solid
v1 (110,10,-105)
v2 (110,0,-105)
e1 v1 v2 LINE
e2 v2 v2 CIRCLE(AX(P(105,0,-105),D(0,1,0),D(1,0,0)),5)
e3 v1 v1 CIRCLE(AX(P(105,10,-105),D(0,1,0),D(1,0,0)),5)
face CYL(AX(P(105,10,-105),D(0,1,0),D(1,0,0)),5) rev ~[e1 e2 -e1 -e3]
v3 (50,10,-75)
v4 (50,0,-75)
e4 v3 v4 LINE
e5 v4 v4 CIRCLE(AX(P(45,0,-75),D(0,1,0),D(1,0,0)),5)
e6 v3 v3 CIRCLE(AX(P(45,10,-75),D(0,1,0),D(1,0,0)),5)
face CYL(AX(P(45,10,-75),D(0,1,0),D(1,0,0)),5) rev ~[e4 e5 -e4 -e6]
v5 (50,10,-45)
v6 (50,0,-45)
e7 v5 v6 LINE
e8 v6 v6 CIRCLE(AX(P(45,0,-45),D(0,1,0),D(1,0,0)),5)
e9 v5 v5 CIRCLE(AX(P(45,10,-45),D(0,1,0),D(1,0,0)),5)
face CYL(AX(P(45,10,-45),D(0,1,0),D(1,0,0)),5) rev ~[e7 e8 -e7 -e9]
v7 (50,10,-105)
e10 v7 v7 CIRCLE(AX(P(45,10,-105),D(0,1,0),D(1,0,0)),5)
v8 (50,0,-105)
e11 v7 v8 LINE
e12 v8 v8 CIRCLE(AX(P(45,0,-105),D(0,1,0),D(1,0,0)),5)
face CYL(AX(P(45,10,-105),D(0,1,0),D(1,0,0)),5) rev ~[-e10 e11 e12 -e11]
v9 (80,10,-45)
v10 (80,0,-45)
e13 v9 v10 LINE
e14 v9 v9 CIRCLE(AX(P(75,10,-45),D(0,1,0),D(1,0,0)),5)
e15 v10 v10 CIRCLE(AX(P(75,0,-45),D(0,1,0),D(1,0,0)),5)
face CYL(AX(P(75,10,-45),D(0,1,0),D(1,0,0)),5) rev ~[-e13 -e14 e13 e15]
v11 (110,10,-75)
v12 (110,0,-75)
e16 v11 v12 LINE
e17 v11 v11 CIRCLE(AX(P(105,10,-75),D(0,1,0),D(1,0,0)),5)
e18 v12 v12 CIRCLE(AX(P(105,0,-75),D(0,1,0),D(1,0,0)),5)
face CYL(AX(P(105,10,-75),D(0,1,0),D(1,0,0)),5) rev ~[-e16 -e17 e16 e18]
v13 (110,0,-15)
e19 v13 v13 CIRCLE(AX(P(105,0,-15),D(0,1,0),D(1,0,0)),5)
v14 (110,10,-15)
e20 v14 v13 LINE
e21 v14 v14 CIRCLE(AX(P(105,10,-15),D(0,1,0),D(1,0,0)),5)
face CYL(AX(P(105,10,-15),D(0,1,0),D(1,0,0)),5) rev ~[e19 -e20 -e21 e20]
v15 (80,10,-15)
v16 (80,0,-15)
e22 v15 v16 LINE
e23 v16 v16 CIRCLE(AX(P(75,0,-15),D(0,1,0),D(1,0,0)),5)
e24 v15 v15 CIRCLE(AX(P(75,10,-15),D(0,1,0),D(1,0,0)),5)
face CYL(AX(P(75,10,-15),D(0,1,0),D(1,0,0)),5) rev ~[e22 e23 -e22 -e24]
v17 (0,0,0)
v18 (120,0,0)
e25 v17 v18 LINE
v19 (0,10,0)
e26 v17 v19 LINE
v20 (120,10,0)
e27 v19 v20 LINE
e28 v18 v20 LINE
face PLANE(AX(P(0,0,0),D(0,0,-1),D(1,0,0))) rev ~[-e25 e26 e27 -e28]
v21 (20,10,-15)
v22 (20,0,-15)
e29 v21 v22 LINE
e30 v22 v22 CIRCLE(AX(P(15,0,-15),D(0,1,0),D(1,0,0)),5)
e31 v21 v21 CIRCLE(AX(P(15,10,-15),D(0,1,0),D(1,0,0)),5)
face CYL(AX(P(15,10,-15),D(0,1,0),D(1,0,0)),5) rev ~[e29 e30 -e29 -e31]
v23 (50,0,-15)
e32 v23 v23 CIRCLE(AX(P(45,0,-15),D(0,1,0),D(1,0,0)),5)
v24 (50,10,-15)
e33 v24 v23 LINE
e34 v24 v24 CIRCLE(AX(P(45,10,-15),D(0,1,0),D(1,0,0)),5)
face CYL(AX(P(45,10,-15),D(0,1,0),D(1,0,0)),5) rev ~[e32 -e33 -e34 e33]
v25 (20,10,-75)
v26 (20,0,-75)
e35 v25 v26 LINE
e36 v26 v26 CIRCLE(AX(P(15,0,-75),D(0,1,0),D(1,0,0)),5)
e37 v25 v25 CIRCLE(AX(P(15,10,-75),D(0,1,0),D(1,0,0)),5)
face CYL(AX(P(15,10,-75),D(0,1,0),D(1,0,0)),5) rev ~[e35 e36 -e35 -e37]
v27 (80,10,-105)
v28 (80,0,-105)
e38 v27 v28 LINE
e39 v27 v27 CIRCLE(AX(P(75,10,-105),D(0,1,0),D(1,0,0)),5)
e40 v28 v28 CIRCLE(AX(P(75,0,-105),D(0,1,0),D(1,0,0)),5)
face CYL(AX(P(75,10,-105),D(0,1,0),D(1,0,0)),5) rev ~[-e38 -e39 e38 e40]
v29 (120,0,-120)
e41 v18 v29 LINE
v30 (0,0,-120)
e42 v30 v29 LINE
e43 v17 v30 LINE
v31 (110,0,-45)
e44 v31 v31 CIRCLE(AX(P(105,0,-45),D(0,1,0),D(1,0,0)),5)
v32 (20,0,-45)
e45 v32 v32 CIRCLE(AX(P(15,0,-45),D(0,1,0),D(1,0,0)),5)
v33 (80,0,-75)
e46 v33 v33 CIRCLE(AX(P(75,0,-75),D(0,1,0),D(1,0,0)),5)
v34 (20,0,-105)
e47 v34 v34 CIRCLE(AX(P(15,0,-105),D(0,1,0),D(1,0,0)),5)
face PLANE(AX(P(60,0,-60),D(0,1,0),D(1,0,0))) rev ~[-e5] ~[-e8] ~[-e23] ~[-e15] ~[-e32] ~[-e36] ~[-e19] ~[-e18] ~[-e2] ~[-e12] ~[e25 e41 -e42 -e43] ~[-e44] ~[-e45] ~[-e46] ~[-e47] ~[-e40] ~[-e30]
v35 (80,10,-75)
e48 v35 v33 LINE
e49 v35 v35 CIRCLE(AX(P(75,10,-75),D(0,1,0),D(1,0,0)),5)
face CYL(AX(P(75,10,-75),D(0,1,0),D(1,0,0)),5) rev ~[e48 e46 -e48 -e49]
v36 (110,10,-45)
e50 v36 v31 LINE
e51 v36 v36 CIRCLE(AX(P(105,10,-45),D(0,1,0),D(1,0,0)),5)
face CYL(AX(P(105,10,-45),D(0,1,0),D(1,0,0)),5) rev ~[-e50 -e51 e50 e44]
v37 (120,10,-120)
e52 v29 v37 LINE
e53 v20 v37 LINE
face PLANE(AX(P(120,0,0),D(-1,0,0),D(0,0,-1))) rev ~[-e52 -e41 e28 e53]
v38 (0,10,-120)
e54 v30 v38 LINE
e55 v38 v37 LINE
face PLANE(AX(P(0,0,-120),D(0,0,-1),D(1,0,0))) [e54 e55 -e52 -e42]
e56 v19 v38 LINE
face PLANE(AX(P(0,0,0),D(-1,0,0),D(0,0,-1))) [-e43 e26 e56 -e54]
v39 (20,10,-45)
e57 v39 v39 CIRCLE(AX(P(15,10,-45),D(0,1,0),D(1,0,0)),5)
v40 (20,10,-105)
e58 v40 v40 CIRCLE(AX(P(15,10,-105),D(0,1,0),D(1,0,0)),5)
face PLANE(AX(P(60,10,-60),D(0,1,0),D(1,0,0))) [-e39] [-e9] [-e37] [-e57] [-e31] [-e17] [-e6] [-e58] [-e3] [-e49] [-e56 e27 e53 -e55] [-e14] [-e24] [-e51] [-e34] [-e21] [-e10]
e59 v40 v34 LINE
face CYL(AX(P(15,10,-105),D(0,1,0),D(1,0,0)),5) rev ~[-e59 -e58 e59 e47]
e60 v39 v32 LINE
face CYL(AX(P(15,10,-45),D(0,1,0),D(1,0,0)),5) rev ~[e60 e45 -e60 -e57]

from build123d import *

# Parameters (mm, degrees)
SKETCH1_W            = 120
SKETCH1_H            = 120
BOSS_EXTRUDE1_DEPTH  = 10
SKETCH2_R            = 5
CUT_EXTRUDE1_DEPTH   = 11
LPATTERN1_COUNT      = 4
LPATTERN1_PITCH      = 30
LPATTERN1_COUNT_DIR2 = 4
LPATTERN1_PITCH_DIR2 = 30


with BuildPart() as part:
    # Sketch1 → Boss-Extrude1 (new body)
    with BuildSketch(Plane(origin=(0, 0, 0), x_dir=(1, 0, 0), z_dir=(0, 1, 0))):
        with Locations((60, 60)):
            Rectangle(SKETCH1_W, SKETCH1_H)
    extrude(amount=BOSS_EXTRUDE1_DEPTH)

    # Sketch2 → Cut-Extrude1 (cut, through all)
    with BuildSketch(Plane(origin=(0, 10, 0), x_dir=(1, 0, 0), z_dir=(0, 1, 0))):
        with Locations((15, 15)):
            Circle(SKETCH2_R)
    cut_extrude1 = extrude(amount=-CUT_EXTRUDE1_DEPTH, mode=Mode.SUBTRACT)

    # LPattern1: Cut-Extrude1 4 × 4
    with Locations(*[(i * LPATTERN1_PITCH, 0, -j * LPATTERN1_PITCH_DIR2) for i in range(LPATTERN1_COUNT) for j in range(LPATTERN1_COUNT_DIR2) if (i, j) != (0, 0)]):
        add(cut_extrude1, mode=Mode.SUBTRACT)


solid = part.part
